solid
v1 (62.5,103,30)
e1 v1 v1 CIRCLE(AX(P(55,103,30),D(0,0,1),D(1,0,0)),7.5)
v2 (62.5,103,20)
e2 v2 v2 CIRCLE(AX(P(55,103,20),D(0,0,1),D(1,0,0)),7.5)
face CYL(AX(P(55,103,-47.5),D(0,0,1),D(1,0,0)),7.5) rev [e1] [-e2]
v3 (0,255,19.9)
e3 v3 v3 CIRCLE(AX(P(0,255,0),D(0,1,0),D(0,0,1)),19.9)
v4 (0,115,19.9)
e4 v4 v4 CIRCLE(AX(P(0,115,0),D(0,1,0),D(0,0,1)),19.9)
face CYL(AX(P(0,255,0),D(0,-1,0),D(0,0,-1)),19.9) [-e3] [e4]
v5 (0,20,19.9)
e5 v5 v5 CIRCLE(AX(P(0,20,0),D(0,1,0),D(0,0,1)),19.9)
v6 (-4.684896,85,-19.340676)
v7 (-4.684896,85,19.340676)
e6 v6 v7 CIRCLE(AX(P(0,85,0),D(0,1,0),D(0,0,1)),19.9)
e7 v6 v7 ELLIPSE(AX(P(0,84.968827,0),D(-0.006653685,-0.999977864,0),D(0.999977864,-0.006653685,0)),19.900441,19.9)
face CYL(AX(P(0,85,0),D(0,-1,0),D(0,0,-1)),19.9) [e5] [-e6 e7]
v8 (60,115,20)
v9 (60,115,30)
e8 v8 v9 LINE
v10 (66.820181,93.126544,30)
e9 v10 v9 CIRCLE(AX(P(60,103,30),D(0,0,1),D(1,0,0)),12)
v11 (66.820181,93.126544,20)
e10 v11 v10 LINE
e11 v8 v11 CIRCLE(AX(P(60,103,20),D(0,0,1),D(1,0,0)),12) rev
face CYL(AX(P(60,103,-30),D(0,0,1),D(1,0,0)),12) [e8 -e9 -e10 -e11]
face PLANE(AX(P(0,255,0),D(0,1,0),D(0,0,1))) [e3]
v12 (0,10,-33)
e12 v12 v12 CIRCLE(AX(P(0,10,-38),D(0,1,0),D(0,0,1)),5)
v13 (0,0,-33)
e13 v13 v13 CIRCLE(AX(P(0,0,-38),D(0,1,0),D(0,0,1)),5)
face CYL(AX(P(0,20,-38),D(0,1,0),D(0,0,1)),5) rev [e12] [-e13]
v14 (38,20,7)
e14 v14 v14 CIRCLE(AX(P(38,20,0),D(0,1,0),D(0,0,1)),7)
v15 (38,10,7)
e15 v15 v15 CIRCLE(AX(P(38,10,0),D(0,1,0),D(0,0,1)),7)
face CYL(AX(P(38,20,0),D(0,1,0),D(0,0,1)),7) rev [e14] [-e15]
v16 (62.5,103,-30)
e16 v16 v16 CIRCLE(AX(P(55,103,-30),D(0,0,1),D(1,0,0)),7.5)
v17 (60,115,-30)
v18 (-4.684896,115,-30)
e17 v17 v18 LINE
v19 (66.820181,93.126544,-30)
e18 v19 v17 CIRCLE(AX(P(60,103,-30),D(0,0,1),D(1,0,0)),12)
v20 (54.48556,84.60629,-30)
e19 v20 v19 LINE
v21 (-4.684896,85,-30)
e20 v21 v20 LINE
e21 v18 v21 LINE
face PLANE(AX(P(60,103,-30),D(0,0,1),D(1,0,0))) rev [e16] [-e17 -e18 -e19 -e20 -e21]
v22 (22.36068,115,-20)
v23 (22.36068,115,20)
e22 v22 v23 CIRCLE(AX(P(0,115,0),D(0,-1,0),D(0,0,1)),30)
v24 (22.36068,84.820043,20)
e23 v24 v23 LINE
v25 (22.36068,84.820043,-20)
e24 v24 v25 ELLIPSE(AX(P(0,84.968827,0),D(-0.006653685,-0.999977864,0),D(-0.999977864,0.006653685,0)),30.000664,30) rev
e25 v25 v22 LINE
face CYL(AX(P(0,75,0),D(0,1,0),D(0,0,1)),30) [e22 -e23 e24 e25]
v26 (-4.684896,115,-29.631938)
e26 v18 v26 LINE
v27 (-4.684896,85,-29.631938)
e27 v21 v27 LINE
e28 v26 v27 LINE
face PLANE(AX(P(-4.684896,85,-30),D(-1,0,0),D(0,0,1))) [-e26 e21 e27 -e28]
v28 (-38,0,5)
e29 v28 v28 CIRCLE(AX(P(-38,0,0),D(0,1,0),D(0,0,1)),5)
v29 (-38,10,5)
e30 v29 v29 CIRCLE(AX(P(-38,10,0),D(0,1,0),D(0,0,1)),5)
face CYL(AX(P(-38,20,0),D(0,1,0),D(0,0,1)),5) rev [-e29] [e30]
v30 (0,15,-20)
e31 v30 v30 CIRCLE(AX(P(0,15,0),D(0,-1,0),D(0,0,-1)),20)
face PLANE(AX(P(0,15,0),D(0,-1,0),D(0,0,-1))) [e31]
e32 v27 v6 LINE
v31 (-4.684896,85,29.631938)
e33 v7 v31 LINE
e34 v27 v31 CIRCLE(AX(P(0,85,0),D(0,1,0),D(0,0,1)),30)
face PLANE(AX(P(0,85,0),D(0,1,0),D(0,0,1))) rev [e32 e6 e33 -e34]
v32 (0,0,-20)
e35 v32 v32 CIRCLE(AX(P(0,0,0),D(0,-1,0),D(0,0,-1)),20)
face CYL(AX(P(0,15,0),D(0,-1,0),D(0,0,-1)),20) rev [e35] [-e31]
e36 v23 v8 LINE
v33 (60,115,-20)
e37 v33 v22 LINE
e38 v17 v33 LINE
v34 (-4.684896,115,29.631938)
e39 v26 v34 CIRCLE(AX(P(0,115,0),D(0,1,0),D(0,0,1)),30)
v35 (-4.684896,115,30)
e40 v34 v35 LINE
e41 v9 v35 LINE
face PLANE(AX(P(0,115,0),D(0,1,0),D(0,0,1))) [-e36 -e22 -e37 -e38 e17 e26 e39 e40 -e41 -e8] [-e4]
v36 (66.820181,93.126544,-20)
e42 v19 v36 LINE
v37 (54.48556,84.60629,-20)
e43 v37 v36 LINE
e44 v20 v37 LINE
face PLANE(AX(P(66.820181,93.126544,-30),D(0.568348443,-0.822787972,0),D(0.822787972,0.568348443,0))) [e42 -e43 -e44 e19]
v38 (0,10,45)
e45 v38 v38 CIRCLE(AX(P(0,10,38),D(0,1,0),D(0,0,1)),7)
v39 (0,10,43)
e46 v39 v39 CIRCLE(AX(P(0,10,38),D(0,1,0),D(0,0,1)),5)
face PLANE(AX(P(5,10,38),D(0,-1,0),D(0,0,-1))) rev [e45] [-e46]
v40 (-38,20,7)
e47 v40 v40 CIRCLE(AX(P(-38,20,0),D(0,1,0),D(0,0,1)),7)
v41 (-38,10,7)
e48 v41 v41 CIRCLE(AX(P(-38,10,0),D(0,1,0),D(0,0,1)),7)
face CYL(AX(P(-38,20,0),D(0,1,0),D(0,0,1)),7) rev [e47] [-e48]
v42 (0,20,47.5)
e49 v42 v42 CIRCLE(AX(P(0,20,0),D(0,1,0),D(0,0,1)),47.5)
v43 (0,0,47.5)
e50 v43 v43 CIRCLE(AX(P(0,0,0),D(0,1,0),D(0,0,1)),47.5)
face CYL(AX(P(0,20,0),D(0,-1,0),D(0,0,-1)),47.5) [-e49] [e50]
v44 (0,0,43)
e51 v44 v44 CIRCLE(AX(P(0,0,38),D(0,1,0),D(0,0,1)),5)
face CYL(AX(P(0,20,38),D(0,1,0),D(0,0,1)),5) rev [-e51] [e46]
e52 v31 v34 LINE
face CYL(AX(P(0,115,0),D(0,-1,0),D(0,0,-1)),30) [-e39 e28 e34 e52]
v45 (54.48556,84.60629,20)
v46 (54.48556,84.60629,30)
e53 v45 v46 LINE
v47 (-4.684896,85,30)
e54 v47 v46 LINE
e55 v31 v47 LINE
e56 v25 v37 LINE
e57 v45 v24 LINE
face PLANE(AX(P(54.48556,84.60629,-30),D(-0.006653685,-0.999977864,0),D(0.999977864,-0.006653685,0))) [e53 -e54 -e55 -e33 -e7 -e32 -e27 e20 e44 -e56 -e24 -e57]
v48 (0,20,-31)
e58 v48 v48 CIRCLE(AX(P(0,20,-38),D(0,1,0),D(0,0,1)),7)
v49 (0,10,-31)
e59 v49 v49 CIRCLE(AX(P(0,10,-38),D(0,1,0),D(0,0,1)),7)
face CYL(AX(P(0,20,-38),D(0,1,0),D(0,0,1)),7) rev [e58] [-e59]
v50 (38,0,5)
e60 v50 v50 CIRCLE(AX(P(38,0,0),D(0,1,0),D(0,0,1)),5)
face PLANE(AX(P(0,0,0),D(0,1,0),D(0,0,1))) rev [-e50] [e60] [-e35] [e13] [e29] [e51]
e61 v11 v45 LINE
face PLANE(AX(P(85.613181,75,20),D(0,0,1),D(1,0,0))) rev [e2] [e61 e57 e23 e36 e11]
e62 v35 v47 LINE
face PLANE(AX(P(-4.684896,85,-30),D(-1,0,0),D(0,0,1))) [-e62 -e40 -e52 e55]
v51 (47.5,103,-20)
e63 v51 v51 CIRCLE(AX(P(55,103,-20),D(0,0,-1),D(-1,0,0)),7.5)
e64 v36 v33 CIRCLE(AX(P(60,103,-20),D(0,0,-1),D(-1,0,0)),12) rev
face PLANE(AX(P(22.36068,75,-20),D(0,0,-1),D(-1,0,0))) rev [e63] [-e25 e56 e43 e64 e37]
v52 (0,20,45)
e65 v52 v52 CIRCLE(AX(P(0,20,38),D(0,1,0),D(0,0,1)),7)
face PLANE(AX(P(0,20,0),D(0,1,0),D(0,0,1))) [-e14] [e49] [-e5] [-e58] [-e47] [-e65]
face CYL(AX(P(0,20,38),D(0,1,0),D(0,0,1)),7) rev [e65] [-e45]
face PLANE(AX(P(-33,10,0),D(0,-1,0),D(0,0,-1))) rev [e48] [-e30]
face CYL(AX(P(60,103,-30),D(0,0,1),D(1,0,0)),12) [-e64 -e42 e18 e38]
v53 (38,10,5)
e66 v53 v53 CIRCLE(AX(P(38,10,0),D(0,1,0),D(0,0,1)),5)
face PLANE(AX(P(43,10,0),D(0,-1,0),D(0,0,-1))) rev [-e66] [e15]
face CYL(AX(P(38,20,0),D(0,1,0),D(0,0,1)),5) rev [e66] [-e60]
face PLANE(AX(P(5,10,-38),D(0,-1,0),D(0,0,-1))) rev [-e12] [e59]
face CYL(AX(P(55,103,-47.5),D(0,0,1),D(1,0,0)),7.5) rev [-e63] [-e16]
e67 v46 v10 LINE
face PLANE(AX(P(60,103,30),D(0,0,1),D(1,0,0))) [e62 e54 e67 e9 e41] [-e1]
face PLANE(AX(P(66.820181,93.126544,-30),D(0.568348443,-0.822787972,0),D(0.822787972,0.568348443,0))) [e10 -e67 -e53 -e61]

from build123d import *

# Parameters (mm, degrees)
SKETCH1_R                               = 47.5
BOSS_EXTRUDE1_DEPTH                     = 20
SKETCH2_R                               = 19.9
BOSS_EXTRUDE2_DEPTH                     = 65
SKETCH3_R                               = 30
BOSS_EXTRUDE3_DEPTH                     = 30
SKETCH4_R                               = 19.9
BOSS_EXTRUDE4_DEPTH                     = 140
BOSS_EXTRUDE5_DEPTH                     = 30
BOSS_EXTRUDE5_DEPTH_BACK                = 30
CUT_EXTRUDE1_START                      = -40
CUT_EXTRUDE1_DEPTH                      = 40
SKETCH7_R                               = 7.5
CUT_EXTRUDE2_DEPTH                      = 277.071095916
SKETCH8_R                               = 20
CUT_EXTRUDE3_DEPTH                      = 15
CBORE_FOR_M5_HEX_HEAD_BOLT3_D           = 10
CBORE_FOR_M5_HEX_HEAD_BOLT3_CBORE_D     = 14
CBORE_FOR_M5_HEX_HEAD_BOLT3_CBORE_DEPTH = 10
CIRPATTERN1_COUNT                       = 4


with BuildPart() as part:
    # Sketch1 → Boss-Extrude1 (new body)
    with BuildSketch(Plane(origin=(0, 0, 0), x_dir=(1, 0, 0), z_dir=(0, 1, 0))):
        Circle(SKETCH1_R)
    extrude(amount=BOSS_EXTRUDE1_DEPTH)

    # Sketch2 → Boss-Extrude2 (add)
    with BuildSketch(Plane(origin=(0, 20, 0), x_dir=(1, 0, 0), z_dir=(0, 1, 0))):
        Circle(SKETCH2_R)
    extrude(amount=BOSS_EXTRUDE2_DEPTH)

    # Sketch3 → Boss-Extrude3 (add)
    with BuildSketch(Plane(origin=(0, 85, 0), x_dir=(1, 0, 0), z_dir=(0, 1, 0))):
        Circle(SKETCH3_R)
    extrude(amount=BOSS_EXTRUDE3_DEPTH)

    # Sketch4 → Boss-Extrude4 (add)
    with BuildSketch(Plane(origin=(0, 115, 0), x_dir=(1, 0, 0), z_dir=(0, 1, 0))):
        Circle(SKETCH4_R)
    extrude(amount=BOSS_EXTRUDE4_DEPTH)

    # Sketch5 → Boss-Extrude5 (add, two sides: drawn at the far end of the back side and taken through both)
    with BuildSketch(Plane.XY.offset(-BOSS_EXTRUDE5_DEPTH_BACK)):
        with BuildLine():
            Line((-4.684895629, 115), (60, 115))
            ThreePointArc((60, 115), (71.456034828, 106.572011481), (66.820181321, 93.126544336))
            Line((66.820181321, 93.126544336), (54.485559633, 84.606289695))
            Line((54.485559633, 84.606289695), (-4.684895629, 85))
            Line((-4.684895629, 85), (-4.684895629, 115))
        make_face()
    extrude(amount=BOSS_EXTRUDE5_DEPTH + BOSS_EXTRUDE5_DEPTH_BACK)

    # Sketch6 → Cut-Extrude1 (cut)
    with BuildSketch(Plane(origin=(0, 115, 0), x_dir=(1, 0, 0), z_dir=(0, 1, 0)).offset(CUT_EXTRUDE1_START)):
        with BuildLine():
            Line((85.613181264, 20), (85.613181264, -20))
            Line((85.613181264, -20), (22.360679775, -20))
            ThreePointArc((22.360679775, -20), (30, 0), (22.360679775, 20))
            Line((22.360679775, 20), (85.613181264, 20))
        make_face()
    extrude(amount=CUT_EXTRUDE1_DEPTH, mode=Mode.SUBTRACT)

    # Sketch7 → Cut-Extrude2 (cut, through all)
    with BuildSketch(Plane.XY.offset(30)):
        with Locations((55, 103)):
            Circle(SKETCH7_R)
    extrude(amount=-CUT_EXTRUDE2_DEPTH, mode=Mode.SUBTRACT)

    # Sketch8 → Cut-Extrude3 (cut)
    with BuildSketch(Plane.XZ):
        Circle(SKETCH8_R)
    extrude(amount=-CUT_EXTRUDE3_DEPTH, mode=Mode.SUBTRACT)

    # CBORE for M5 Hex Head Bolt3 (through all)
    with Locations(Plane(origin=(0, 20, 0), x_dir=(1, 0, 0), z_dir=(0, 1, 0))):
        with Locations((0, 38)):
            cbore_for_m5_hex_head_bolt3 = CounterBoreHole(CBORE_FOR_M5_HEX_HEAD_BOLT3_D / 2, CBORE_FOR_M5_HEX_HEAD_BOLT3_CBORE_D / 2, CBORE_FOR_M5_HEX_HEAD_BOLT3_CBORE_DEPTH)

    # CirPattern1: CBORE for M5 Hex Head Bolt3 ×4 about axis
    cirpattern1_axis = Axis((0, 20, 0), (0, 1, 0))
    for i in range(1, CIRPATTERN1_COUNT):
        add(cbore_for_m5_hex_head_bolt3.rotate(cirpattern1_axis, i * 360 / CIRPATTERN1_COUNT), mode=Mode.SUBTRACT)


solid = part.part
